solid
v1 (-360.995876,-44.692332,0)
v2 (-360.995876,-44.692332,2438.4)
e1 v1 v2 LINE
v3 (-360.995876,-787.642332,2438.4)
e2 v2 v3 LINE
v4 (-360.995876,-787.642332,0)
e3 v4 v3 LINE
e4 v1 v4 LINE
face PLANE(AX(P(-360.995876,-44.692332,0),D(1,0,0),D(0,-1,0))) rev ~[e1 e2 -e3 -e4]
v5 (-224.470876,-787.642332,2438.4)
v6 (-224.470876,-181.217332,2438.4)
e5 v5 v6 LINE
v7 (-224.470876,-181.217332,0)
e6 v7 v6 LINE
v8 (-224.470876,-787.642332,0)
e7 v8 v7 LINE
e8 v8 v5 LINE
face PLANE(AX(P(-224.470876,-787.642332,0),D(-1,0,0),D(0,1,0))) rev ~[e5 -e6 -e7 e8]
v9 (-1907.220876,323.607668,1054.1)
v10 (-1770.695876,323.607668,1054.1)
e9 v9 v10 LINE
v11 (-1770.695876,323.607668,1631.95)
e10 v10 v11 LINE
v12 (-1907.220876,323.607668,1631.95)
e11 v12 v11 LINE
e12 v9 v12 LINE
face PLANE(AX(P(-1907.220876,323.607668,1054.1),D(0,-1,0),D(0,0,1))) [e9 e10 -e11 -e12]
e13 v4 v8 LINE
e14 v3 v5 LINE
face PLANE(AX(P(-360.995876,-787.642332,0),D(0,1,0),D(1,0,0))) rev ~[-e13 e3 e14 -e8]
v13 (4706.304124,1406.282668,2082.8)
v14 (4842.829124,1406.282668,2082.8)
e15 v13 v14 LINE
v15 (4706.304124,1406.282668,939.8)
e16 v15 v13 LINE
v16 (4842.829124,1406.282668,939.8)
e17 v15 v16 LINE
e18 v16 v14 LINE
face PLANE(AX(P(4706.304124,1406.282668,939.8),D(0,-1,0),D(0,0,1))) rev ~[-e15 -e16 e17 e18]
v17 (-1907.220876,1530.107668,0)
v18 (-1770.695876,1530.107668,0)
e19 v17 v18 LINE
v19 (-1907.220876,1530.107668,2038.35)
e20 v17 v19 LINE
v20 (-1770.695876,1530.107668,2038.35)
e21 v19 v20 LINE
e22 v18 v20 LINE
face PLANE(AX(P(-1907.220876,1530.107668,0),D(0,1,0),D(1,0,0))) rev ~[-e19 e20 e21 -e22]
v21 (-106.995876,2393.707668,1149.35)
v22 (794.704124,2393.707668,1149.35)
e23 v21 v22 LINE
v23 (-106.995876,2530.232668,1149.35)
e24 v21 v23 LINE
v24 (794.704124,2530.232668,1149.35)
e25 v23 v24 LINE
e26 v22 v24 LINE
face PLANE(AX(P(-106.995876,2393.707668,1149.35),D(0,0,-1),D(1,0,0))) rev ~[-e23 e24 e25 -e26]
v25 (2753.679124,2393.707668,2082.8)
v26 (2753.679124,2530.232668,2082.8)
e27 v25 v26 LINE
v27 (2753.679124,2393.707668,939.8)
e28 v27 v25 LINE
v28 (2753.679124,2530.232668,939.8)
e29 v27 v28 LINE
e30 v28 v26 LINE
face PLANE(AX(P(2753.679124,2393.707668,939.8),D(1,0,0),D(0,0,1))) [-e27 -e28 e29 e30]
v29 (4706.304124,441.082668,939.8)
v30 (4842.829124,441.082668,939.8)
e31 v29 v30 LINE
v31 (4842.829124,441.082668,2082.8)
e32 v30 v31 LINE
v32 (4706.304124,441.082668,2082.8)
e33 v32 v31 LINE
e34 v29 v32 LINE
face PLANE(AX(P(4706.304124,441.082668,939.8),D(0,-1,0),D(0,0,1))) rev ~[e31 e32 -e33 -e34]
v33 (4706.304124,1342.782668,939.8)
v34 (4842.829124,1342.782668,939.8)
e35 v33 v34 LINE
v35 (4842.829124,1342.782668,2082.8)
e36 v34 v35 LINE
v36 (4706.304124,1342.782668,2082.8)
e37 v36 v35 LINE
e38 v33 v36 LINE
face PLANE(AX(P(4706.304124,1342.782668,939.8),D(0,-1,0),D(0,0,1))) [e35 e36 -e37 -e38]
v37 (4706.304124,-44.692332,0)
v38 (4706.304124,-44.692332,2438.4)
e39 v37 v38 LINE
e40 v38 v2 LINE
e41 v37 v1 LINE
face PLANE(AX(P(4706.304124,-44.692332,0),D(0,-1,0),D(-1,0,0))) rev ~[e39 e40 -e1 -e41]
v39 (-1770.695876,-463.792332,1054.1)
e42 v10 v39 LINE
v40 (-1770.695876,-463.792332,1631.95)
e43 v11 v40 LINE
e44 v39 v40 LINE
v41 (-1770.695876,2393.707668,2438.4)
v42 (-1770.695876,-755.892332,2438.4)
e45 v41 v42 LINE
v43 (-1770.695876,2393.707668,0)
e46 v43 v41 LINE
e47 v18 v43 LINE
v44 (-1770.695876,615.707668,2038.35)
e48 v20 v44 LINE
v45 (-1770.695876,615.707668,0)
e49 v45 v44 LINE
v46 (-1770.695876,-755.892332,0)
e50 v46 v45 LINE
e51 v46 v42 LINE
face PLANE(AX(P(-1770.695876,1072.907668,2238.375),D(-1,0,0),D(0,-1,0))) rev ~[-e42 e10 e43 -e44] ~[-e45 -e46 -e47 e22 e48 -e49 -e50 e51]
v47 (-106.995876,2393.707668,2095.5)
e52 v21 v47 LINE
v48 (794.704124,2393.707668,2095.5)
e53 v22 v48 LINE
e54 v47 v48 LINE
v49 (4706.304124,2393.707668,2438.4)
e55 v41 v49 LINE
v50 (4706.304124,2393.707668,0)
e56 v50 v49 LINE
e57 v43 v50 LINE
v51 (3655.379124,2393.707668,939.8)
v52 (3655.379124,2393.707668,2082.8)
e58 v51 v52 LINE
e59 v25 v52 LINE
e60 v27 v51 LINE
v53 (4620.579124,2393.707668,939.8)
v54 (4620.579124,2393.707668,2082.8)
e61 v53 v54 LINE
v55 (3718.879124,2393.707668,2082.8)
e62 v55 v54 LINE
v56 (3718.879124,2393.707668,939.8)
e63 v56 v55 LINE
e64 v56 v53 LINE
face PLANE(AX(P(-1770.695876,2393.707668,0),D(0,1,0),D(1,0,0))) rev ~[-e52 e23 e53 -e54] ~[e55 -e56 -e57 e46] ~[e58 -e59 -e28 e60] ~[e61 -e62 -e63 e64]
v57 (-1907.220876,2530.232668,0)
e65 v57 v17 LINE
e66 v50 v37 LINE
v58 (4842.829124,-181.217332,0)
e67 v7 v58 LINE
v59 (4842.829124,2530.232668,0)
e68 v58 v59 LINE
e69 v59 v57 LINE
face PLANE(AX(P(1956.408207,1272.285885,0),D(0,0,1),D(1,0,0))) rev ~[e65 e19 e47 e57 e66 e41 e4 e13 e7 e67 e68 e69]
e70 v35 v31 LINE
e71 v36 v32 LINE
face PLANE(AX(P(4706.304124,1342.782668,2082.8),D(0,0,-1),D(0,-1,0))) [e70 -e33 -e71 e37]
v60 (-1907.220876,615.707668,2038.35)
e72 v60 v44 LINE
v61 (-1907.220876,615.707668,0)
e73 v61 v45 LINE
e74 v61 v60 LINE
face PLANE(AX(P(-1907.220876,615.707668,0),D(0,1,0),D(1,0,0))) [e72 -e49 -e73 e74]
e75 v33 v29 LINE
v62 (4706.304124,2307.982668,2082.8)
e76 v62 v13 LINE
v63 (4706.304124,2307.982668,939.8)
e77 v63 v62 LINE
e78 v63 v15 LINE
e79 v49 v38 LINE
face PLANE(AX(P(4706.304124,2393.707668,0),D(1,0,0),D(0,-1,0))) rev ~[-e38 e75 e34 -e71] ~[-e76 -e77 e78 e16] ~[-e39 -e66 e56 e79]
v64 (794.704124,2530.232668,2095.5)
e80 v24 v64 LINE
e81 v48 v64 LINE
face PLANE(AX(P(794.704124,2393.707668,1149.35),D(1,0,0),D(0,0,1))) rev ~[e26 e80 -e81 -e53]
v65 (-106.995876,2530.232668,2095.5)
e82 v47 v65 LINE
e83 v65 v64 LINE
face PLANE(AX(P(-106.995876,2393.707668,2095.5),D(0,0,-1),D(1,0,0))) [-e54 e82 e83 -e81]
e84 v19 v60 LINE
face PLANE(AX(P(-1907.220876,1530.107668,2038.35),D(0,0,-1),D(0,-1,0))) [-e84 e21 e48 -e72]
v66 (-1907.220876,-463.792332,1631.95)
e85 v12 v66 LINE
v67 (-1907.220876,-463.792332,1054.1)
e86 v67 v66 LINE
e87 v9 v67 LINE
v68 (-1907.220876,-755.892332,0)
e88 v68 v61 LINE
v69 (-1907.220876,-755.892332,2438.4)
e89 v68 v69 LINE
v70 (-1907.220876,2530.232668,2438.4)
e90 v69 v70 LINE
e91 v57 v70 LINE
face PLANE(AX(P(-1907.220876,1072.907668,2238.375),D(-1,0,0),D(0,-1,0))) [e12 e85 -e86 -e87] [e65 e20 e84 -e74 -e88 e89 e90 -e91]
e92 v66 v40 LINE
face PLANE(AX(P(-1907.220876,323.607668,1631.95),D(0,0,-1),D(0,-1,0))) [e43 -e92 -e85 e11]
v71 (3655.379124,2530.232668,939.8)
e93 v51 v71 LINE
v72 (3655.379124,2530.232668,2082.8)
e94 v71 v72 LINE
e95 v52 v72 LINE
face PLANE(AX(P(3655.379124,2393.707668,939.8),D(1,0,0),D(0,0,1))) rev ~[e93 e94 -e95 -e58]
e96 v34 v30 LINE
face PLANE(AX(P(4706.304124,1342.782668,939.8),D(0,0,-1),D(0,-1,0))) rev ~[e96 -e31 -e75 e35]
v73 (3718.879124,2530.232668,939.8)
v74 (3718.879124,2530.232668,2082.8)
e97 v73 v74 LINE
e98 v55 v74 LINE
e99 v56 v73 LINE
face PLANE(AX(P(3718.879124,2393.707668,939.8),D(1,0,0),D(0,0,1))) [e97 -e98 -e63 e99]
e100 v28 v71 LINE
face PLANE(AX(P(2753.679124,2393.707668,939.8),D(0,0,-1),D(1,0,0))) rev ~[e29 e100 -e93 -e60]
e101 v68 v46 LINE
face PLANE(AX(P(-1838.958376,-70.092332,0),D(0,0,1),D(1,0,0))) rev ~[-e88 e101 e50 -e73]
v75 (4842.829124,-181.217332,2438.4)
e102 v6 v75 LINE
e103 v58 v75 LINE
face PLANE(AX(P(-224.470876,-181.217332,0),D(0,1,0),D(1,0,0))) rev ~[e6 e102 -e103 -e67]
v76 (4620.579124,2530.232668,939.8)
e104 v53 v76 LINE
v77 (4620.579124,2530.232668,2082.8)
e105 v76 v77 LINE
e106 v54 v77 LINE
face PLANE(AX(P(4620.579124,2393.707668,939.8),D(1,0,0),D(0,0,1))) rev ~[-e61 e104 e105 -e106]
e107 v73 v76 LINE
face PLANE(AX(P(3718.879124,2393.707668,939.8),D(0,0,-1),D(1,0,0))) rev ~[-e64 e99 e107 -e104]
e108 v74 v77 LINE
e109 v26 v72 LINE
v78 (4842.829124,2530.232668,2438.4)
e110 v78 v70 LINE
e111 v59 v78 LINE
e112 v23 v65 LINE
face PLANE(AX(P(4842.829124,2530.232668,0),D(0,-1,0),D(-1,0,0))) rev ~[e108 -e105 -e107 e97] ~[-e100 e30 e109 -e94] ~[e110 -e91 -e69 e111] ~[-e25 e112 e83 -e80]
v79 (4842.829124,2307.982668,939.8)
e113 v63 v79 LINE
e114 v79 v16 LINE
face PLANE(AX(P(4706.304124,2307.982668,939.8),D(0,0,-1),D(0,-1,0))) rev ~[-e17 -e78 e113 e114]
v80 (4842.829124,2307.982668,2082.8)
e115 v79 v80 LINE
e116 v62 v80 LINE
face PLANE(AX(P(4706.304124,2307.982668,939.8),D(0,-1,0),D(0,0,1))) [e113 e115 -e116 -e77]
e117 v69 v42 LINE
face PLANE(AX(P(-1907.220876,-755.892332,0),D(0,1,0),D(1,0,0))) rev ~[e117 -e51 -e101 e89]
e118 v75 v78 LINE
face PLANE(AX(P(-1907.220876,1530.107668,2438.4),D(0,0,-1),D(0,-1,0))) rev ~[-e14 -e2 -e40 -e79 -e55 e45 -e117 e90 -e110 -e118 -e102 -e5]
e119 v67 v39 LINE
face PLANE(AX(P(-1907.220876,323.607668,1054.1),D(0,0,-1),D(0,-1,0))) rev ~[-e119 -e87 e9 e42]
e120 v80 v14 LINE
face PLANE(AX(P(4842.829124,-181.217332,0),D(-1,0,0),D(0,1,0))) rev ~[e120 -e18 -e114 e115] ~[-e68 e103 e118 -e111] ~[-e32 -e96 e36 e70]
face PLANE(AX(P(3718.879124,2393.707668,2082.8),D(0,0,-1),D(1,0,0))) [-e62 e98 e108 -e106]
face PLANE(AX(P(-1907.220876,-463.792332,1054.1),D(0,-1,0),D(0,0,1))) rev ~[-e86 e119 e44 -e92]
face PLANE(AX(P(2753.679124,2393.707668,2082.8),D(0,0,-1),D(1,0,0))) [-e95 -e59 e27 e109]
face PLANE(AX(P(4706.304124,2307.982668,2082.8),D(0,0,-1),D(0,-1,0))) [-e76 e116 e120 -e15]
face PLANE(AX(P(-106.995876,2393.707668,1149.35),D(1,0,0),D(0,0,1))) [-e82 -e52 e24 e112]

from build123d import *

# Parameters (mm, degrees)
F0_W     = 136.525
F0_H     = 1371.6
F1_DEPTH = 2438.4
F2_W     = 901.7
F2_H     = 946.15
F2_H_2   = 1143
F3_DEPTH = 136.525
F4_W     = 901.7
F4_H     = 1143
F5_DEPTH = 136.525
F6_W     = 914.4
F6_H     = 400.05
F7_DEPTH = 136.525
F8_W     = 787.4
F8_H     = 577.85
F9_DEPTH = 136.525


with BuildPart() as f1:
    # F0 (on Top) → F1 (new body)
    with BuildSketch(Plane.XY):
        Polygon((-1770.695876, 1530.107668), (-1770.695876, 2393.707668), (4706.304124, 2393.707668), (4706.304124, -44.692332), (-360.995876, -44.692332), (-360.995876, -787.642332), (-224.470876, -787.642332), (-224.470876, -181.217332), (4842.829124, -181.217332), (4842.829124, 2530.232668), (-1907.220876, 2530.232668), (-1907.220876, 1530.107668), align=None)
        with Locations((-1838.958376, -70.092332)):
            Rectangle(F0_W, F0_H)
    extrude(amount=F1_DEPTH)

    # F2 (on face) → F3 (cut, through all)
    with BuildSketch(Plane.XZ.offset(-2393.707668)):
        with Locations((343.854124, 1622.425)):
            Rectangle(F2_W, F2_H)
        with Locations((3204.529124, 1511.3)):
            Rectangle(F2_W, F2_H_2)
        with Locations((4169.729124, 1511.3)):
            Rectangle(F2_W, F2_H_2)
    extrude(amount=-F3_DEPTH, mode=Mode.SUBTRACT)

    # F4 (on face) → F5 (cut, through all)
    with BuildSketch(Plane(origin=(4706.304124, 0, 0), x_dir=(0, -1, 0), z_dir=(-1, 0, 0))):
        with Locations((-1857.132668, 1511.3)):
            Rectangle(F4_W, F4_H)
        with Locations((-891.932668, 1511.3)):
            Rectangle(F4_W, F4_H)
    extrude(amount=-F5_DEPTH, mode=Mode.SUBTRACT)

    # F6 (on face) → F7 (join)
    with BuildSketch(Plane(origin=(-1907.220876, 0, 0), x_dir=(0, -1, 0), z_dir=(-1, 0, 0))):
        with Locations((-1072.907668, 2238.375)):
            Rectangle(F6_W, F6_H)
    extrude(amount=-F7_DEPTH)

    # F8 (on face) → F9 (cut, through all)
    with BuildSketch(Plane(origin=(-1907.220876, 0, 0), x_dir=(0, -1, 0), z_dir=(-1, 0, 0))):
        with Locations((70.092332, 1343.025)):
            Rectangle(F8_W, F8_H)
    extrude(amount=-F9_DEPTH, mode=Mode.SUBTRACT)


solid = f1.part
